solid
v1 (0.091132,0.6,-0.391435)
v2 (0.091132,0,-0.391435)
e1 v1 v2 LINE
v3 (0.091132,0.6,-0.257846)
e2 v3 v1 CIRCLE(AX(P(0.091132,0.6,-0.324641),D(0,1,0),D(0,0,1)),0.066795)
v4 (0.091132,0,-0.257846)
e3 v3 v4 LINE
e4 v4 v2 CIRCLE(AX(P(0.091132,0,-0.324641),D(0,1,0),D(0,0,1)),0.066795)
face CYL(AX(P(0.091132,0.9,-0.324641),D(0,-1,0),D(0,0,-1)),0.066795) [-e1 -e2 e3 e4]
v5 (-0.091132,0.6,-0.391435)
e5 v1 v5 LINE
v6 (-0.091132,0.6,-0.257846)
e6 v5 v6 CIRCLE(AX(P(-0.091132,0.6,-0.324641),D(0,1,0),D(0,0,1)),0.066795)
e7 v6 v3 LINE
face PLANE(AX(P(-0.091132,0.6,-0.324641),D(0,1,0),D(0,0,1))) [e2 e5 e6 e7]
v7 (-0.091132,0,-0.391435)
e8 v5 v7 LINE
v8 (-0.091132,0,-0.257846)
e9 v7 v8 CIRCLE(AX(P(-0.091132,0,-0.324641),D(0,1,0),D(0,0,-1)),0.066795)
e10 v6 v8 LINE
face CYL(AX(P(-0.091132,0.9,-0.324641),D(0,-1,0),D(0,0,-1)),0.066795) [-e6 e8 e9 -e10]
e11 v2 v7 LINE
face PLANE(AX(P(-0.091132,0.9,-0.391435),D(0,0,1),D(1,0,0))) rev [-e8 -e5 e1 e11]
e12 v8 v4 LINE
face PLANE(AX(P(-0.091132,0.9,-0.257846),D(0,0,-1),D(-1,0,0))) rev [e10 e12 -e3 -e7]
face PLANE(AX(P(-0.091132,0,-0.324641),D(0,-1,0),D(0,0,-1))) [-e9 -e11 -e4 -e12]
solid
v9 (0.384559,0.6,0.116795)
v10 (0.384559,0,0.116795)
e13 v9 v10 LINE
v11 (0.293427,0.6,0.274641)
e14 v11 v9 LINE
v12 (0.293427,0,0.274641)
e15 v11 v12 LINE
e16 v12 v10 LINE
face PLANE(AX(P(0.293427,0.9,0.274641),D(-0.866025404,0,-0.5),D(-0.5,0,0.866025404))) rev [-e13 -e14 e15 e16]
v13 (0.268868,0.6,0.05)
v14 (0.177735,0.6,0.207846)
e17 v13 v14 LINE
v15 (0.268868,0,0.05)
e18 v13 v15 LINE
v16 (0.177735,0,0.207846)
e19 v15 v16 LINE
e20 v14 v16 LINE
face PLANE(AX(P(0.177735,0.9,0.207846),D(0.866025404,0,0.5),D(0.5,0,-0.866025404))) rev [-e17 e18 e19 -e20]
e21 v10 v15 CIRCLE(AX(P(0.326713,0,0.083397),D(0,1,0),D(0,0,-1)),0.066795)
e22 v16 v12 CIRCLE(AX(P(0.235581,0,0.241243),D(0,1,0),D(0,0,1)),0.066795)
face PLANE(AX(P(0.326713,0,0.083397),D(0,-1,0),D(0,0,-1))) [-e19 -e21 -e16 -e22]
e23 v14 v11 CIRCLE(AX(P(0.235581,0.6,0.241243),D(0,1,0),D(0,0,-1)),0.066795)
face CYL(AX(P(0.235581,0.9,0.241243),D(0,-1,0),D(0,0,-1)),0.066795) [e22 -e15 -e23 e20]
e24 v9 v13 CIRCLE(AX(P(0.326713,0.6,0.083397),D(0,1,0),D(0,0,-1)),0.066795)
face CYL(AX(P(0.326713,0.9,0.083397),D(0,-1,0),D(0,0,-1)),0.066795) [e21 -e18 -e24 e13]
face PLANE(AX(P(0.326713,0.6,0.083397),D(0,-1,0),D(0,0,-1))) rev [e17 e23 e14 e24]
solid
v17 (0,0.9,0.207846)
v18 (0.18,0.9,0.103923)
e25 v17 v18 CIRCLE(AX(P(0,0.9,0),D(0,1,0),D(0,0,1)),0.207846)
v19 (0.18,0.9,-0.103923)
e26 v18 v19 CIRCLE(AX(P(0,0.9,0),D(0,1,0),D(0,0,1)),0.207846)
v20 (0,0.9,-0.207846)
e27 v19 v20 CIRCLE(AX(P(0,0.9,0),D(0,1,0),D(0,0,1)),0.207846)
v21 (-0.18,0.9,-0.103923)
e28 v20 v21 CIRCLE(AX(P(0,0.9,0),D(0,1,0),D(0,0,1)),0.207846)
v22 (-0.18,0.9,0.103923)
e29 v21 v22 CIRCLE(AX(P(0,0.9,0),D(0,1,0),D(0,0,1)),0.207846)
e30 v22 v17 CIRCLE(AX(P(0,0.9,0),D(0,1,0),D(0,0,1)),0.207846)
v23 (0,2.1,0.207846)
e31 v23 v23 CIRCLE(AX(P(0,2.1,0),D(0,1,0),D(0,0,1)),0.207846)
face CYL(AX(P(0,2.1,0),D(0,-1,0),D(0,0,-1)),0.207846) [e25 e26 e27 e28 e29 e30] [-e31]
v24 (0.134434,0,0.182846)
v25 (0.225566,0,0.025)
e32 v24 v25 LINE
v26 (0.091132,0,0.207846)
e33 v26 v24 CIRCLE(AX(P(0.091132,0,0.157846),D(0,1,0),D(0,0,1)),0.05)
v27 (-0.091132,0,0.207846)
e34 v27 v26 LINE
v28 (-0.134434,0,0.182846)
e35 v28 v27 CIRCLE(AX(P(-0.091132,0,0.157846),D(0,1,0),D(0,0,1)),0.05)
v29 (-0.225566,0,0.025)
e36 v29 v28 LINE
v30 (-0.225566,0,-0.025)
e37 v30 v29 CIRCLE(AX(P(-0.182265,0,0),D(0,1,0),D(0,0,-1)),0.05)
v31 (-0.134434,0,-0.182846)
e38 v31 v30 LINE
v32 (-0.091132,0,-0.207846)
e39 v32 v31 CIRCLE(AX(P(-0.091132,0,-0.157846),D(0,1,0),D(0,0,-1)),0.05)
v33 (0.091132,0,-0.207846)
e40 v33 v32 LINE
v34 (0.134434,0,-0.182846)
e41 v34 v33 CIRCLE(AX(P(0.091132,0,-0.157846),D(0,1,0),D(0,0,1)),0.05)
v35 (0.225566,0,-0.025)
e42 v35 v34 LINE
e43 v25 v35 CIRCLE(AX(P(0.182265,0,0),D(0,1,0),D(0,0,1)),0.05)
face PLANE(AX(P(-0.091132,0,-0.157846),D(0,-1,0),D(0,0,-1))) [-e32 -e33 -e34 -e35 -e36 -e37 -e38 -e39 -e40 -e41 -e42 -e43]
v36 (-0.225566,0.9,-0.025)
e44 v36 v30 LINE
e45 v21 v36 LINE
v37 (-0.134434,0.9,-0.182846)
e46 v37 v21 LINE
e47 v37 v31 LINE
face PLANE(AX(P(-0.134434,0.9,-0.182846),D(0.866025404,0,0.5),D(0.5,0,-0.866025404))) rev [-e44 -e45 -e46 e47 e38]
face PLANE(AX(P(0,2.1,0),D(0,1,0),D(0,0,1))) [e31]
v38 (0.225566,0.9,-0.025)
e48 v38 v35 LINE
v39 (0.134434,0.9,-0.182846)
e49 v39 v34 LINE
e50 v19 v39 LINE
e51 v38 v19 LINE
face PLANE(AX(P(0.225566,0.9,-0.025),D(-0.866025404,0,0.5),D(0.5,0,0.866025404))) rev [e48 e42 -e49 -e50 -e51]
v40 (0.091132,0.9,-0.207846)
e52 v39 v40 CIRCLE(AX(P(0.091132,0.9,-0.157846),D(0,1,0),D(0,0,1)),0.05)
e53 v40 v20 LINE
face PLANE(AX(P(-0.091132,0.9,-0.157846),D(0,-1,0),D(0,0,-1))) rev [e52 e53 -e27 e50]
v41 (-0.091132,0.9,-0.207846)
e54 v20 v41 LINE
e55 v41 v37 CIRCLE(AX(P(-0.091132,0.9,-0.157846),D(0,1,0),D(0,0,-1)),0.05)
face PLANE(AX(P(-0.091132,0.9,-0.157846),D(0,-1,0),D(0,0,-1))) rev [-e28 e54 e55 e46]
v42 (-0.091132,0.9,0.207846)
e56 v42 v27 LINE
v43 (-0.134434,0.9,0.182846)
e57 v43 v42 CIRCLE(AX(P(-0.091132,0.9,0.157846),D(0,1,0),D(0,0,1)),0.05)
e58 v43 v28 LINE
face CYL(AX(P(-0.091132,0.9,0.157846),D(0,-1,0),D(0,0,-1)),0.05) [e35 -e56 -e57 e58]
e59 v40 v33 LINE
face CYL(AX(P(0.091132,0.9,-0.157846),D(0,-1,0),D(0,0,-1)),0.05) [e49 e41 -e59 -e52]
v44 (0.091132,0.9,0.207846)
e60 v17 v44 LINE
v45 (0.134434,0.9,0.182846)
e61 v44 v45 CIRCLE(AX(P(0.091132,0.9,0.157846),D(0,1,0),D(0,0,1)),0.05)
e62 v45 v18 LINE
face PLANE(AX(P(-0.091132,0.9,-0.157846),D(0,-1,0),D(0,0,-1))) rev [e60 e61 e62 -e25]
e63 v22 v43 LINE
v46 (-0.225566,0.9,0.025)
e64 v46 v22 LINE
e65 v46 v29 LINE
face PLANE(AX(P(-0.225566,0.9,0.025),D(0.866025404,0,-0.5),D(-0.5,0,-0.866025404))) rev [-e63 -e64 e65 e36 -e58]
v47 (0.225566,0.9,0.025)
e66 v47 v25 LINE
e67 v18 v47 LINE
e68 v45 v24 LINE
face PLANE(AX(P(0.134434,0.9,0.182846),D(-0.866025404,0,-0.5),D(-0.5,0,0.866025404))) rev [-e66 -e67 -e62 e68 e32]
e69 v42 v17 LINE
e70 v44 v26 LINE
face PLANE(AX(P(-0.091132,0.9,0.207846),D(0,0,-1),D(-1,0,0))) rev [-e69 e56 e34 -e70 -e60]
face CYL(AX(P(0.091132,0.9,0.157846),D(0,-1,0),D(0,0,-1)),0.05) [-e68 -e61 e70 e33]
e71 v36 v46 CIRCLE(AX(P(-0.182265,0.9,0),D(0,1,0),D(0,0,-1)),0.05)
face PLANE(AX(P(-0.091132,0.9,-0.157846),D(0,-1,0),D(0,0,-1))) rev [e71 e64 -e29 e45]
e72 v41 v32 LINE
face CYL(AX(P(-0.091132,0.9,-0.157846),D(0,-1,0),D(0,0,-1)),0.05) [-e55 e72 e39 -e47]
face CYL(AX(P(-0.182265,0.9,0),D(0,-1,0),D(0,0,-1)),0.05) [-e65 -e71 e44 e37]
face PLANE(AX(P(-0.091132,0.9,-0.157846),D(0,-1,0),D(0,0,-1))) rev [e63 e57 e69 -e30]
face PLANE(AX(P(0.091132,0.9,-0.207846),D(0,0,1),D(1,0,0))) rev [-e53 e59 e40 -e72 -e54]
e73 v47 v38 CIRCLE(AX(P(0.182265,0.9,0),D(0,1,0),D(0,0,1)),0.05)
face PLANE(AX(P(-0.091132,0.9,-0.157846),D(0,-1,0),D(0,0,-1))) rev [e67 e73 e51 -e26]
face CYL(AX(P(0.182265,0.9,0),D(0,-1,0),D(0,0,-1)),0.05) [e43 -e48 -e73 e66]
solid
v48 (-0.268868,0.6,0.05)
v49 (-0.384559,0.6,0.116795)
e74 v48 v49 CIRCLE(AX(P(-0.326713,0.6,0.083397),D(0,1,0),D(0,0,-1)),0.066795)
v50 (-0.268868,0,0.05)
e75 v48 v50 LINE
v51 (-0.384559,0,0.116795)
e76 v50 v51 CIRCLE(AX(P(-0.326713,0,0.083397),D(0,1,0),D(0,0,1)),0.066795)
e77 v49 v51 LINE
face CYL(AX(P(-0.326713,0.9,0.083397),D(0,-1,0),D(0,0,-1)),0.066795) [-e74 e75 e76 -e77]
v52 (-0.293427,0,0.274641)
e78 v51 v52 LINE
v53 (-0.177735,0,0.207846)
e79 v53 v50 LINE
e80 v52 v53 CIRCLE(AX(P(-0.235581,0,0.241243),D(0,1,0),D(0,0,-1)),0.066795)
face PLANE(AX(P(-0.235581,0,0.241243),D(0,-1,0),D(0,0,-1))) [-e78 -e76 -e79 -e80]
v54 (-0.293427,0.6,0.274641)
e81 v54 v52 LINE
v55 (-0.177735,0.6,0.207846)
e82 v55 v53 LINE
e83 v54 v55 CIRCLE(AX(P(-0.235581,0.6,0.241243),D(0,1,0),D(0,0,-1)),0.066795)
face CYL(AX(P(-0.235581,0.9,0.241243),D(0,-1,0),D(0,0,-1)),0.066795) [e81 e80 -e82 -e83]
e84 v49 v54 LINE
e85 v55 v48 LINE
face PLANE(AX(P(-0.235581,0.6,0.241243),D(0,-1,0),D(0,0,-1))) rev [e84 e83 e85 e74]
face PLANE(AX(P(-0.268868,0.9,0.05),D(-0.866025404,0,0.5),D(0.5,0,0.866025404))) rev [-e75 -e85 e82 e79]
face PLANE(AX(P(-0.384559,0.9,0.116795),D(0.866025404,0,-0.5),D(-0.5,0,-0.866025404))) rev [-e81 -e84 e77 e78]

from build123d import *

# Parameters (mm, degrees)
BOSS_EXTRUDE5_DEPTH   = 0.9
BOSS_EXTRUDE5_2_DEPTH = 0.9
BOSS_EXTRUDE5_3_DEPTH = 0.9
BOSS_EXTRUDE5_4_DEPTH = 0.9
CUT_EXTRUDE2_START    = -0.3
CUT_EXTRUDE2_DEPTH    = 0.3
SKETCH5_R             = 0.207846097
BOSS_EXTRUDE6_DEPTH   = 1.2


with BuildPart() as part:
    # Sketch1 → Boss-Extrude5 (new body)
    with BuildSketch(Plane(origin=(0, 0, 0), x_dir=(1, 0, 0), z_dir=(0, 1, 0))):
        with BuildLine():
            Line((-0.091132487, 0.257846097), (0.091132487, 0.257846097))
            ThreePointArc((0.091132487, 0.257846097), (0.157927132, 0.324640742), (0.091132487, 0.391435388))
            Line((0.091132487, 0.391435388), (-0.091132487, 0.391435388))
            ThreePointArc((-0.091132487, 0.391435388), (-0.157927132, 0.324640742), (-0.091132487, 0.257846097))
        make_face()
    extrude(amount=BOSS_EXTRUDE5_DEPTH)


with BuildPart() as body_2:
    # Sketch1 → Boss-Extrude5 2 (new body)
    with BuildSketch(Plane(origin=(0, 0, 0), x_dir=(1, 0, 0), z_dir=(0, 1, 0))):
        with BuildLine():
            Line((-0.134433757, 0.182846097), (-0.225566243, 0.025))
            ThreePointArc((-0.225566243, 0.025), (-0.232264973, 0), (-0.225566243, -0.025))
            Line((-0.225566243, -0.025), (-0.134433757, -0.182846097))
            ThreePointArc((-0.134433757, -0.182846097), (-0.116132487, -0.201147367), (-0.091132487, -0.207846097))
            Line((-0.091132487, -0.207846097), (0.091132487, -0.207846097))
            ThreePointArc((0.091132487, -0.207846097), (0.116132487, -0.201147367), (0.134433757, -0.182846097))
            Line((0.134433757, -0.182846097), (0.225566243, -0.025))
            ThreePointArc((0.225566243, -0.025), (0.232264973, 0), (0.225566243, 0.025))
            Line((0.225566243, 0.025), (0.134433757, 0.182846097))
            ThreePointArc((0.134433757, 0.182846097), (0.116132487, 0.201147367), (0.091132487, 0.207846097))
            Line((0.091132487, 0.207846097), (-0.091132487, 0.207846097))
            ThreePointArc((-0.091132487, 0.207846097), (-0.116132487, 0.201147367), (-0.134433757, 0.182846097))
        make_face()
    extrude(amount=BOSS_EXTRUDE5_2_DEPTH)

    # Sketch5 → Boss-Extrude6 (add)
    with BuildSketch(Plane(origin=(0, 0.9, 0), x_dir=(1, 0, 0), z_dir=(0, 1, 0))):
        with Locations(Location((0, 0, 0), (0, 0, 270))):
            Circle(SKETCH5_R)
    extrude(amount=BOSS_EXTRUDE6_DEPTH)


with BuildPart() as body_3:
    # Sketch1 → Boss-Extrude5 3 (new body)
    with BuildSketch(Plane(origin=(0, 0, 0), x_dir=(1, 0, 0), z_dir=(0, 1, 0))):
        with BuildLine():
            Line((0.293426746, -0.274640742), (0.384559233, -0.116794645))
            ThreePointArc((0.384559233, -0.116794645), (0.360110696, -0.025551463), (0.268867513, -0.05))
            Line((0.268867513, -0.05), (0.177735027, -0.207846097))
            ThreePointArc((0.177735027, -0.207846097), (0.202183564, -0.299089279), (0.293426746, -0.274640742))
        make_face()
    extrude(amount=BOSS_EXTRUDE5_3_DEPTH)


with BuildPart() as body_4:
    # Sketch1 → Boss-Extrude5 4 (new body)
    with BuildSketch(Plane(origin=(0, 0, 0), x_dir=(1, 0, 0), z_dir=(0, 1, 0))):
        with BuildLine():
            Line((-0.384559233, -0.116794645), (-0.293426746, -0.274640742))
            ThreePointArc((-0.293426746, -0.274640742), (-0.202183564, -0.299089279), (-0.177735027, -0.207846097))
            Line((-0.177735027, -0.207846097), (-0.268867513, -0.05))
            ThreePointArc((-0.268867513, -0.05), (-0.360110696, -0.025551463), (-0.384559233, -0.116794645))
        make_face()
    extrude(amount=BOSS_EXTRUDE5_4_DEPTH)


with BuildPart() as cut_extrude2_tool:
    # Sketch4 → Cut-Extrude2 (new body)
    with BuildSketch(Plane(origin=(0, 0.9, 0), x_dir=(1, 0, 0), z_dir=(0, 1, 0)).offset(CUT_EXTRUDE2_START)):
        with BuildLine():
            Line((-0.091132487, 0.391435388), (0.091132487, 0.391435388))
            ThreePointArc((0.091132487, 0.391435388), (0.157927132, 0.324640742), (0.091132487, 0.257846097))
            Line((0.091132487, 0.257846097), (-0.091132487, 0.257846097))
            ThreePointArc((-0.091132487, 0.257846097), (-0.157927132, 0.324640742), (-0.091132487, 0.391435388))
        make_face()
        with BuildLine():
            Line((0.268867513, -0.05), (0.177735027, -0.207846097))
            ThreePointArc((0.177735027, -0.207846097), (0.202183564, -0.299089279), (0.293426746, -0.274640742))
            Line((0.293426746, -0.274640742), (0.384559233, -0.116794645))
            ThreePointArc((0.384559233, -0.116794645), (0.360110696, -0.025551463), (0.268867513, -0.05))
        make_face()
        with BuildLine():
            Line((-0.177735027, -0.207846097), (-0.268867513, -0.05))
            ThreePointArc((-0.268867513, -0.05), (-0.360110696, -0.025551463), (-0.384559233, -0.116794645))
            Line((-0.384559233, -0.116794645), (-0.293426746, -0.274640742))
            ThreePointArc((-0.293426746, -0.274640742), (-0.202183564, -0.299089279), (-0.177735027, -0.207846097))
        make_face()
    extrude(amount=CUT_EXTRUDE2_DEPTH)


with BuildPart() as part_1:
    add(part.part)

    # Cut-Extrude2: cut by cut_extrude2_tool
    add(cut_extrude2_tool.part, mode=Mode.SUBTRACT)


with BuildPart() as body_3_1:
    add(body_3.part)

    # Cut-Extrude2: cut by cut_extrude2_tool
    add(cut_extrude2_tool.part, mode=Mode.SUBTRACT)


with BuildPart() as body_4_1:
    add(body_4.part)

    # Cut-Extrude2: cut by cut_extrude2_tool
    add(cut_extrude2_tool.part, mode=Mode.SUBTRACT)


solid = Compound([body_2.part, part_1.part, body_3_1.part, body_4_1.part])
